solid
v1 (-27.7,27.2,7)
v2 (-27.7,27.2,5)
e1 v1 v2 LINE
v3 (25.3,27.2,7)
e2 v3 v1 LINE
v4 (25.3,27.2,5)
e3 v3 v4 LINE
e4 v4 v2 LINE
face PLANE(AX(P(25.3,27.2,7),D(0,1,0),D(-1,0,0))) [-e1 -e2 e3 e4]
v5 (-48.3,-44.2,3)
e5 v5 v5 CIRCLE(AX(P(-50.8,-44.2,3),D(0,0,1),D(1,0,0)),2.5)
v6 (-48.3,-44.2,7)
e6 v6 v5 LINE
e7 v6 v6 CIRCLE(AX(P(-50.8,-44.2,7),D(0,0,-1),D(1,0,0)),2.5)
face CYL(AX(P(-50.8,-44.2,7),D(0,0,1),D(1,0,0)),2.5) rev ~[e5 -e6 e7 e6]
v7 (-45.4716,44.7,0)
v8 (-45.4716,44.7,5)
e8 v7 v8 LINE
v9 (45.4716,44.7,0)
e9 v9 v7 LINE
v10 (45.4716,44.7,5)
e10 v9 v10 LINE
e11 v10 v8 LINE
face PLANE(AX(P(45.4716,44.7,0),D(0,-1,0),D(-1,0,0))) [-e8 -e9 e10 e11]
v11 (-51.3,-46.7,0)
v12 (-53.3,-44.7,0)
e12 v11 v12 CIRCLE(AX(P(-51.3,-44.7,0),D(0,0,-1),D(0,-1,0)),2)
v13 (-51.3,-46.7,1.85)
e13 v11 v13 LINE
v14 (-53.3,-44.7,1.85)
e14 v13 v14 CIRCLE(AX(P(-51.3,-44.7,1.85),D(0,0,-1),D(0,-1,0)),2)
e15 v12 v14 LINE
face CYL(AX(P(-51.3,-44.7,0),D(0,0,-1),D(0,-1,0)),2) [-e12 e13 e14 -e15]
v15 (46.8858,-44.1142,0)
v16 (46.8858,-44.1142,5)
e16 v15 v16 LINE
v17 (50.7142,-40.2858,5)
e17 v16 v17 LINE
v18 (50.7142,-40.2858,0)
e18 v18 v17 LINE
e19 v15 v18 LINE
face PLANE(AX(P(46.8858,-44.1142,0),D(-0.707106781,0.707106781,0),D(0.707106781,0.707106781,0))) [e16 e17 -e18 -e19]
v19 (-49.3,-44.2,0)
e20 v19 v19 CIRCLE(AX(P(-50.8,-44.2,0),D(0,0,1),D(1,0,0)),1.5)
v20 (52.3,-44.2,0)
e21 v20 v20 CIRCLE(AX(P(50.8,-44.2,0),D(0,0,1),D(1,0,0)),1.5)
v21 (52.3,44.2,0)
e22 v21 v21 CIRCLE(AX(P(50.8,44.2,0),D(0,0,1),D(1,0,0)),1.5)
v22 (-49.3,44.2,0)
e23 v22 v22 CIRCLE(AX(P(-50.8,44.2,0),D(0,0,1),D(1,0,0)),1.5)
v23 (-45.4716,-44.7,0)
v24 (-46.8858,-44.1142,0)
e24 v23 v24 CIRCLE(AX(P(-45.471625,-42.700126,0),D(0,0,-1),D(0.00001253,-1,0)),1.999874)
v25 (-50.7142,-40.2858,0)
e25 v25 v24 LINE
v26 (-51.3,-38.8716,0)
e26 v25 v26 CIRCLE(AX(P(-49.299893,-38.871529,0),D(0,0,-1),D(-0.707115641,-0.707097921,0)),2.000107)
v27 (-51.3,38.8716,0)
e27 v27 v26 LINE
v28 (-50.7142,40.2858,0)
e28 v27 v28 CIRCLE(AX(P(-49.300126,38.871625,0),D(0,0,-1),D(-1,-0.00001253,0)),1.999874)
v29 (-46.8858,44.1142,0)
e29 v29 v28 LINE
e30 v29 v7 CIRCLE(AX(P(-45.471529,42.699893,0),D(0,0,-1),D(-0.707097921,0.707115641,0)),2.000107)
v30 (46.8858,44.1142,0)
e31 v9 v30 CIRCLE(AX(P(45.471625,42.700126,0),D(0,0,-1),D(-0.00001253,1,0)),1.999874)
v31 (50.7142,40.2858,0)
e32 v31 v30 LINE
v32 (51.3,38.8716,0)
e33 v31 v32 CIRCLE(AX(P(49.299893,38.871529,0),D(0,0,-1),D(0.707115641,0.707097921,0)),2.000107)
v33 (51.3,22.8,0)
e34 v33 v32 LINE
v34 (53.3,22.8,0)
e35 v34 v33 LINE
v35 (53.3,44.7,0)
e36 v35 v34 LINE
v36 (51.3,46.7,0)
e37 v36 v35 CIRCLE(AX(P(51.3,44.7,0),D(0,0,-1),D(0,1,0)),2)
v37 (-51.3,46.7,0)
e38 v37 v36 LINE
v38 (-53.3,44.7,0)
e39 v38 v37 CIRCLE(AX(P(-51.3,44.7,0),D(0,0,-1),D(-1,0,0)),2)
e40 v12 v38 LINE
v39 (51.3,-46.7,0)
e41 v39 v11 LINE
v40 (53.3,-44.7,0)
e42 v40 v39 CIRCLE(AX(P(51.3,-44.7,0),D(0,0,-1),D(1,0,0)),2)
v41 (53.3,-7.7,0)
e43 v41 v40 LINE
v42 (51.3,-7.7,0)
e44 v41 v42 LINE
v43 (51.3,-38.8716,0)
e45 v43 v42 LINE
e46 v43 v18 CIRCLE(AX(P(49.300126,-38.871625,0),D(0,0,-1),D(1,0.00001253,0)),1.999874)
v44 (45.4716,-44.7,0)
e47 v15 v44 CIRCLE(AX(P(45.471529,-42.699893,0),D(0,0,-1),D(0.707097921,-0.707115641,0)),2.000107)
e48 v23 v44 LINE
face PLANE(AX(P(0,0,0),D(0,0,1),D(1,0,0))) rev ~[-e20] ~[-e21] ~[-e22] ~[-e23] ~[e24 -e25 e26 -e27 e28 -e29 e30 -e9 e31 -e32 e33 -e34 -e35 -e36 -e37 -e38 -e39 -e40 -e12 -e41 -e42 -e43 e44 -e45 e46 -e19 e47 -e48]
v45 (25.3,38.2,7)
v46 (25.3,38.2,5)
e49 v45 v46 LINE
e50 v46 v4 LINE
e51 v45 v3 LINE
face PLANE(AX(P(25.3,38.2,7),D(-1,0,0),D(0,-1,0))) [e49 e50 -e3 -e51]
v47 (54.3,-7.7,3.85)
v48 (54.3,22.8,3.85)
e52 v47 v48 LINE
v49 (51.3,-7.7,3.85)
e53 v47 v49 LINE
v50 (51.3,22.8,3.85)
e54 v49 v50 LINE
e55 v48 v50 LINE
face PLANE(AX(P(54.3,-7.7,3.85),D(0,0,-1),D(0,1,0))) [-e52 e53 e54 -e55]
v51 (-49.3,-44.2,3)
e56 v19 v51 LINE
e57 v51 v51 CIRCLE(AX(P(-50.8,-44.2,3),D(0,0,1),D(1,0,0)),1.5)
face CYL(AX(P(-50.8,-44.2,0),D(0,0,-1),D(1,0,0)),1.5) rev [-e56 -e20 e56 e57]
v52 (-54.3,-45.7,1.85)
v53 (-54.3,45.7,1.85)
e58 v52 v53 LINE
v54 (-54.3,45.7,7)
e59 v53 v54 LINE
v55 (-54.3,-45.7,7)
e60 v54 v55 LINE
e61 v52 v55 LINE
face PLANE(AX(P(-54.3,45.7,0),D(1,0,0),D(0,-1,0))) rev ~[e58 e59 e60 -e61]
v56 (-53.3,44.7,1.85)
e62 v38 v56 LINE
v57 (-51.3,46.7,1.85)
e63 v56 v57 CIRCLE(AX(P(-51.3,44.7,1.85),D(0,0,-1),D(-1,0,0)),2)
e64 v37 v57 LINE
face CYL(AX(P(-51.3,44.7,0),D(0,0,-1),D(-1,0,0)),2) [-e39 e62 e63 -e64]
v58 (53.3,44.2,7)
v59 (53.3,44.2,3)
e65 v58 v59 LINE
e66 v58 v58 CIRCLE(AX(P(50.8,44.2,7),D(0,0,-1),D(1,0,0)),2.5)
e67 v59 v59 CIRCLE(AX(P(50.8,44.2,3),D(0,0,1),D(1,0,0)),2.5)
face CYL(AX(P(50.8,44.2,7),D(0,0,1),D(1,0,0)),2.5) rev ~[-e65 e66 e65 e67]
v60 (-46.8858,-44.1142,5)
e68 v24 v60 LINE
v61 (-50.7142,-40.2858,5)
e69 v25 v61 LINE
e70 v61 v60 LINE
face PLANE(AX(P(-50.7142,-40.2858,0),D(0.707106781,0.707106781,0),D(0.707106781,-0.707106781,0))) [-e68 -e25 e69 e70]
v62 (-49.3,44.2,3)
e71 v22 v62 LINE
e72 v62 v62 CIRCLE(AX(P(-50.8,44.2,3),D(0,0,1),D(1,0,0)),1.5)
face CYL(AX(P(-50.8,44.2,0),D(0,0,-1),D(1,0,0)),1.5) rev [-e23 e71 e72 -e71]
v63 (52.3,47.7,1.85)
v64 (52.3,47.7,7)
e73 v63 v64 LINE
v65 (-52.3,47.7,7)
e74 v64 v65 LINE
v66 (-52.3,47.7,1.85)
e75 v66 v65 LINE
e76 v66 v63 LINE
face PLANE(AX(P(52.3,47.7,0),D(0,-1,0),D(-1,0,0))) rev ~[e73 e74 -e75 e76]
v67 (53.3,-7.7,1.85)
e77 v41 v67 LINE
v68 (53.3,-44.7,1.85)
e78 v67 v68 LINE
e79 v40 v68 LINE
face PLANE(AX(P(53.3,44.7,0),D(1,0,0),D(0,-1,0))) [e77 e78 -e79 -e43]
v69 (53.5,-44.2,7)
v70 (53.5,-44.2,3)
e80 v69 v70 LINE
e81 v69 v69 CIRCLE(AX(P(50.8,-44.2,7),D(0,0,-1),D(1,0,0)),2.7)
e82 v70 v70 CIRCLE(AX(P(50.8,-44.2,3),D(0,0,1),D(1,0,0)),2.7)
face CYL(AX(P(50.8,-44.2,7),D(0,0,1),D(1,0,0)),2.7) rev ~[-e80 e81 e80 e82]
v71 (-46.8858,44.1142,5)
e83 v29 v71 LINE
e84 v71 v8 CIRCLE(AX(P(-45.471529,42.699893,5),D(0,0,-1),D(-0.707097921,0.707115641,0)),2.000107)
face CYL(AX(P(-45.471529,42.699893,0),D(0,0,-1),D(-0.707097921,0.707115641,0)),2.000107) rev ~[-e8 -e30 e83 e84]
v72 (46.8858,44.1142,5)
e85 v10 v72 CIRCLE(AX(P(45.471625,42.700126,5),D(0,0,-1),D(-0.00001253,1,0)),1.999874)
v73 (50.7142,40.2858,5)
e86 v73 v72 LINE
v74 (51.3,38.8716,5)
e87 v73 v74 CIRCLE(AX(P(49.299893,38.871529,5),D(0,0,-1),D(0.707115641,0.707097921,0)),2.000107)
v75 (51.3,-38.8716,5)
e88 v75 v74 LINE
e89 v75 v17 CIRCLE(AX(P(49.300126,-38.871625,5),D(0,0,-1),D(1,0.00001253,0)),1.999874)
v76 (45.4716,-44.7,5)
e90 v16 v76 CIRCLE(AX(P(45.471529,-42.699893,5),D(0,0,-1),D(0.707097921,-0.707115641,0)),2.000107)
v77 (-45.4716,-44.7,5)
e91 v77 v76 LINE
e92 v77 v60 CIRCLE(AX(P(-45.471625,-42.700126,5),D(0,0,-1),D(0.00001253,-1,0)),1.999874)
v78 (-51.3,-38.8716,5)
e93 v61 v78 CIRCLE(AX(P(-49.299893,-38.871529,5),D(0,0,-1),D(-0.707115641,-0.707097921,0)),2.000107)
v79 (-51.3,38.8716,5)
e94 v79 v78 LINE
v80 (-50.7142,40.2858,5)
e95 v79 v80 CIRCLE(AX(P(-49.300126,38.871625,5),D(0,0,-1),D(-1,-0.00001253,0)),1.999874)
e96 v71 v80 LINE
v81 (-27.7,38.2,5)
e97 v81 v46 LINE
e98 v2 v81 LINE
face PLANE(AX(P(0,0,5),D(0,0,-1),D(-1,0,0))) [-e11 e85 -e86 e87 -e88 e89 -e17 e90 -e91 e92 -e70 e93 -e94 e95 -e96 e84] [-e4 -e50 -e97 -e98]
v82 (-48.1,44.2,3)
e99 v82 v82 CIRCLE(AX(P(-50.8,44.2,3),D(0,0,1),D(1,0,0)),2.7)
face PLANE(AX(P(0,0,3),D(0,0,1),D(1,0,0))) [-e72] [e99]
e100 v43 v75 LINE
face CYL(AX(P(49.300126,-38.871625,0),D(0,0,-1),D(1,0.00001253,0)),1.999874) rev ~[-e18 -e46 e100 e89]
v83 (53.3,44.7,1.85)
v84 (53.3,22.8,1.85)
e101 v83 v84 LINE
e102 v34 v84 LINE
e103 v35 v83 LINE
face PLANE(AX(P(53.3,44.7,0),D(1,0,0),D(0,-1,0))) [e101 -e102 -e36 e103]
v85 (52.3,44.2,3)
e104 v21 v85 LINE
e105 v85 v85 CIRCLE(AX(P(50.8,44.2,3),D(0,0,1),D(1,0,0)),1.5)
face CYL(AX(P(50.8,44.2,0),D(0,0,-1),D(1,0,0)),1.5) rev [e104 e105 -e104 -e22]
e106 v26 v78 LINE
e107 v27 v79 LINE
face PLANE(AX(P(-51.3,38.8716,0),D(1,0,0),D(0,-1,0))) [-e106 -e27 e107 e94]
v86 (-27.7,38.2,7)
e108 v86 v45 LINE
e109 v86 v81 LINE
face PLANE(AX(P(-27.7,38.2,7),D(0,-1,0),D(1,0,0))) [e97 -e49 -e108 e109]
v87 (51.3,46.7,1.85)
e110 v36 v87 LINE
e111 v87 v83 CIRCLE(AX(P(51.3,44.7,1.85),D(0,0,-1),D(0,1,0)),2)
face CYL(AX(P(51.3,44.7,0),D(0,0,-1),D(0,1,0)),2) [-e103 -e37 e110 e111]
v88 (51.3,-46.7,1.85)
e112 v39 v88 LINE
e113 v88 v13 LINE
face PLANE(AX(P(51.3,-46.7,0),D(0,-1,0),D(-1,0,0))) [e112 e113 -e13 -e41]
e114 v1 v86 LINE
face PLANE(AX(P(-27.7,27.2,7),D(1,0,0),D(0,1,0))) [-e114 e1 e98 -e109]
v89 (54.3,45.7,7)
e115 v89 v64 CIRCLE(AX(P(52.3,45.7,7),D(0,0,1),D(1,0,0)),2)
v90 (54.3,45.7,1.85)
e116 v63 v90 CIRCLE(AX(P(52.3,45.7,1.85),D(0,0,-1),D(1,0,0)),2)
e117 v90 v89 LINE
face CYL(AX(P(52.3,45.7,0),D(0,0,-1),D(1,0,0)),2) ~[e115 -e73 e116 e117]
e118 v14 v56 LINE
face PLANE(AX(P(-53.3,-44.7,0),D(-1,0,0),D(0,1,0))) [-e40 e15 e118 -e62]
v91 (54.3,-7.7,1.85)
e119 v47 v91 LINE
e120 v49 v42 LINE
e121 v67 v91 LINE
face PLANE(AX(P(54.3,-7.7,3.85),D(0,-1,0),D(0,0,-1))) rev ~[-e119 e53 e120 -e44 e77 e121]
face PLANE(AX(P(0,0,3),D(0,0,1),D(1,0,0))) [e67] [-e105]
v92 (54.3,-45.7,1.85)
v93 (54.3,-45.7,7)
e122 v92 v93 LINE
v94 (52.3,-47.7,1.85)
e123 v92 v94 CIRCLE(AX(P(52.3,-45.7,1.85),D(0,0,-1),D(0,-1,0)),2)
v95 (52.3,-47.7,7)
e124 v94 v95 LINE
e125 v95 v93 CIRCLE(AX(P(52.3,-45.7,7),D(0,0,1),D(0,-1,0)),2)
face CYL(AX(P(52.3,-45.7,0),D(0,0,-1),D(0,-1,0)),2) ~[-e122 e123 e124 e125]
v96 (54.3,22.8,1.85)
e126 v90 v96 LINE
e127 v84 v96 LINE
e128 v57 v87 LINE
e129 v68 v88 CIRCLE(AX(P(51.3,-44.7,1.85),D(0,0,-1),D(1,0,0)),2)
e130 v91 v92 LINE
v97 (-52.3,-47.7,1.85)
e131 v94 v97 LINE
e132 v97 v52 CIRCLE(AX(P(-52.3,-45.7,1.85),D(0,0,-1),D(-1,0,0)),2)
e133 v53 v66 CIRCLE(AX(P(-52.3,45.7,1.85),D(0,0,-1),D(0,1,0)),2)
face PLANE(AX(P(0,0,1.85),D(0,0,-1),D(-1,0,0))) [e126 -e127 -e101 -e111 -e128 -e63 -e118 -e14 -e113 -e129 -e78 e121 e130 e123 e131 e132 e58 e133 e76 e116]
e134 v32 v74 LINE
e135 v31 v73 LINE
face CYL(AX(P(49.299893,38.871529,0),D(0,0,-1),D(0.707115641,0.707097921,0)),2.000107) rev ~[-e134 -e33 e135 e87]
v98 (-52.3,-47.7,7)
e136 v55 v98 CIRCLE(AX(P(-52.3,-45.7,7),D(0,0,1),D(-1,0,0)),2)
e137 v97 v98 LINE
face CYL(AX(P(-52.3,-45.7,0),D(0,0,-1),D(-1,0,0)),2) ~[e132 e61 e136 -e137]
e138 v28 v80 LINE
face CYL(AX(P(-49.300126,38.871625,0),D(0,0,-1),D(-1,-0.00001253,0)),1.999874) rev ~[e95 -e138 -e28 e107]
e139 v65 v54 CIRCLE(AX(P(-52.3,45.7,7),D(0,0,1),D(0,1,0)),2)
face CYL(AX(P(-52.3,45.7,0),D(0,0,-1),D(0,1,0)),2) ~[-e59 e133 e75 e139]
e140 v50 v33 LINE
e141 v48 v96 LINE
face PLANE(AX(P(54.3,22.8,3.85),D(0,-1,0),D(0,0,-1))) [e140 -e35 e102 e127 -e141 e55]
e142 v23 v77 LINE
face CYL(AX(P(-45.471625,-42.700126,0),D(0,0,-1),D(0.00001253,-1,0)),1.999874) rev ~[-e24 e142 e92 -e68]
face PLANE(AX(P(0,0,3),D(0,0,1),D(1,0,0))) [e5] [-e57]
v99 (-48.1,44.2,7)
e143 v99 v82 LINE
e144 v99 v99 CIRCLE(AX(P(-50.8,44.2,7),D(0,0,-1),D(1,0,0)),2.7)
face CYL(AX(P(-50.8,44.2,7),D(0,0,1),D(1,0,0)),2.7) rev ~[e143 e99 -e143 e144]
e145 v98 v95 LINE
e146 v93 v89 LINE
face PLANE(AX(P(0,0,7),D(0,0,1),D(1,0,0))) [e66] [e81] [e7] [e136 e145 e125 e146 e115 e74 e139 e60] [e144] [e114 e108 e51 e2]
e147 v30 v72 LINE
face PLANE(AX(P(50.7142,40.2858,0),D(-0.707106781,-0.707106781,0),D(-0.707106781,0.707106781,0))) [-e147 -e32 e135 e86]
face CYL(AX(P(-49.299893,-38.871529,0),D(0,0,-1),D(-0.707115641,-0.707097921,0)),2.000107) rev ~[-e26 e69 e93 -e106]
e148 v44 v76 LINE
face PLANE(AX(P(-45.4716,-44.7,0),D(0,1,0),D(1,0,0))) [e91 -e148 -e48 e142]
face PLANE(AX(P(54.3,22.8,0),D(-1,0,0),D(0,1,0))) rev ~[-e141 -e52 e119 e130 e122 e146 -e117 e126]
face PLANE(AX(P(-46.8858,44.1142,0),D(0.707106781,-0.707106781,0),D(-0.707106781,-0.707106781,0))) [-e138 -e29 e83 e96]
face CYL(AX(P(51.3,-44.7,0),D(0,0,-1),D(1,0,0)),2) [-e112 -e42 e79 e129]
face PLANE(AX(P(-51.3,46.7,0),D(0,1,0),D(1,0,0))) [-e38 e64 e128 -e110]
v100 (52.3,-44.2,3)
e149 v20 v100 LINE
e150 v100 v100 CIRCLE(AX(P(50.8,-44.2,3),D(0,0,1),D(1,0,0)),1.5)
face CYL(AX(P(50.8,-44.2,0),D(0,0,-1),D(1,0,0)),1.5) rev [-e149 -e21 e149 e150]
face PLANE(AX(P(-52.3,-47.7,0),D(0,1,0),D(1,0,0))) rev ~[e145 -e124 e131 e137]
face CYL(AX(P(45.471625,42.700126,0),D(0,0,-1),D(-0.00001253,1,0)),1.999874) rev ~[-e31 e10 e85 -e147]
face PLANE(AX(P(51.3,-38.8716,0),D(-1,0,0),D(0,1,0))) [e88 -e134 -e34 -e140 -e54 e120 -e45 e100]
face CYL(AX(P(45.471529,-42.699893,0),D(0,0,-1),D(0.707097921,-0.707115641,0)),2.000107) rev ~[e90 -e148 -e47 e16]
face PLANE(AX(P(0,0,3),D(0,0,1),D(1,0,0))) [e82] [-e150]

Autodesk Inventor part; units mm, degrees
ref_plane "YZ Plane" through (0, 0, 0) normal (1, 0, 0) x (0, 1, 0)
ref_plane "XZ Plane" through (0, 0, 0) normal (0, 1, 0) x (-1, 0, 0)
ref_plane "XY Plane" through (0, 0, 0) normal (0, 0, 1) x (1, 0, 0)
sketch "Skizze1" plane through (0, 0, 0) normal (0, 0, 1) x (1, 0, 0)
  line L0 (52.3, 47.7) -> (-52.3, 47.7) projected
  arc A0 (-52.3, 47.7) -> (-54.3, 45.7) centre (-52.3, 45.7) ccw projected
  line L1 (54.3, 22.8) -> (54.3, 45.7) projected
  line L2 (-54.3, 45.7) -> (-54.3, -45.7) projected
  line L3 (-52.3, -47.7) -> (52.3, -47.7) projected
  arc A1 (-54.3, -45.7) -> (-52.3, -47.7) centre (-52.3, -45.7) ccw projected
  circle A2 centre (-50.8, -44.2) radius 1.5 projected
  circle A3 centre (50.8, 44.2) radius 1.5 projected
  arc A4 (52.3, -47.7) -> (54.3, -45.7) centre (52.3, -45.7) ccw projected
  line L4 (54.3, -45.7) -> (54.3, -8.2) projected
  line L5 (54.3, 22.8) -> (54.3, -8.2) projected
  arc A5 (54.3, 45.7) -> (52.3, 47.7) centre (52.3, 45.7) ccw projected
  circle A6 centre (-50.8, 44.2) radius 1.5 projected
  circle A7 centre (50.8, -44.2) radius 1.5 projected
  point P0 (0, 0)
extrude "Extrusion1" add sketch "Skizze1" along normal blind 7
sketch "Skizze2" plane through (0, 0, 0) normal (0, 0, -1) x (-1, 0, 0)
  line L0 (53.1, -44.5) -> (53.1, 44.5) projected
  line L1 (51.1, 46.5) -> (-51.1, 46.5) projected
  line L2 (-53.1, 44.5) -> (-53.1, -44.5) projected
  line L3 (-51.1, -46.5) -> (51.1, -46.5) projected
  line L4 (-51.3, -46.7) -> (51.3, -46.7)
  line L5 (53.3, -44.7) -> (53.3, 44.7)
  line L6 (51.3, 46.7) -> (-51.3, 46.7)
  line L7 (-53.3, 44.7) -> (-53.3, -44.7)
  line L8 (-53.3, -46.7) -> (53.3, 46.7) construction
  line L9 (53.3, -46.7) -> (-53.3, 46.7) construction
  arc A0 (53.3, 44.7) -> (51.3, 46.7) centre (51.3, 44.7) ccw
  arc A1 (-51.3, 46.7) -> (-53.3, 44.7) centre (-51.3, 44.7) ccw
  arc A2 (-53.3, -44.7) -> (-51.3, -46.7) centre (-51.3, -44.7) ccw
  arc A3 (51.3, -46.7) -> (53.3, -44.7) centre (51.3, -44.7) ccw
  line L10 (-56.7586, -49.6784) -> (56.7586, -49.6784)
  line L11 (56.7586, -49.6784) -> (56.7586, 49.6784)
  line L12 (56.7586, 49.6784) -> (-56.7586, 49.6784)
  line L13 (-56.7586, 49.6784) -> (-56.7586, -49.6784)
  line L14 (-56.7586, -49.6784) -> (56.7586, 49.6784) construction
  line L15 (56.7586, -49.6784) -> (-56.7586, 49.6784) construction
  point P0 (0, 0)
  dimension "d2" = 0.2
  dimension "d3" = 0.2
  dimension "d4" = 2
extrude "Extrusion2" cut sketch "Skizze2" against normal blind 1.85
sketch "Skizze3" plane through (0, 0, 0) normal (0, 0, -1) x (-1, 0, 0)
  line L0 (-50.7142, 40.2858) -> (-46.8858, 44.1142)
  arc A0 (-45.4716, 44.7) -> (-46.8858, 44.1142) centre (-45.4716, 42.7) ccw
  line L1 (-45.4716, 44.7) -> (45.4716, 44.7)
  arc A1 (-50.7142, 40.2858) -> (-51.3, 38.8716) centre (-49.3, 38.8716) ccw
  line L2 (-51.3, -38.8716) -> (-51.3, 38.8716)
  line L3 (50.7142, -40.2858) -> (46.8858, -44.1142)
  arc A2 (50.7142, -40.2858) -> (51.3, -38.8716) centre (49.3, -38.8716) ccw
  line L4 (51.3, 38.8716) -> (51.3, -38.8716)
  arc A3 (45.4716, -44.7) -> (46.8858, -44.1142) centre (45.4716, -42.7) ccw
  line L5 (45.4716, -44.7) -> (-45.4716, -44.7)
  arc A4 (51.3, 38.8716) -> (50.7142, 40.2858) centre (49.3, 38.8716) ccw
  line L6 (46.8858, 44.1142) -> (50.7142, 40.2858)
  arc A5 (46.8858, 44.1142) -> (45.4716, 44.7) centre (45.4716, 42.7) ccw
  arc A6 (-46.8858, -44.1142) -> (-45.4716, -44.7) centre (-45.4716, -42.7) ccw
  line L7 (-46.8858, -44.1142) -> (-50.7142, -40.2858)
  arc A7 (-51.3, -38.8716) -> (-50.7142, -40.2858) centre (-49.3, -38.8716) ccw
  circle A8 centre (-50.8, -44.2) radius 1.5
  circle A9 centre (-50.8, 44.2) radius 1.5
  circle A10 centre (50.8, 44.2) radius 1.5
  circle A11 centre (50.8, -44.2) radius 1.5
  point P0 (0, 0)
extrude "Extrusion3" cut sketch "Skizze3" against normal blind 5 contours L0 A0 L1 A5 L6 A4 L4 A2 L3 A3 L5 A6 L7 A7 L2 A1
sketch "Skizze4" plane through (54.3, -45.7, 7) normal (1, 0, 0) x (0, 0, -1)
  line L0 (3.15, 38) -> (3.15, 68.5)
  line L1 (0, 0) -> (0, 91.4) projected
  line L2 (7, 90.4) -> (7, 1) projected
  line L3 (5.15, -2) -> (0, -2) projected
  line L4 (3.15, 68.5) -> (7, 68.5)
  line L5 (7, 1) -> (7, 90.4) projected
  line L6 (3.15, 38) -> (7, 38)
  line L7 (7, 68.5) -> (7, 38)
  point P0 (7, 45.7)
  dimension "d11" = 3.85
  dimension "d13" = 30.5
  dimension "d14" = 40
extrude "Extrusion4" cut sketch "Skizze4" against normal up to next
sketch "Skizze5" plane through (0, 0, 7) normal (0, 0, 1) x (1, 0, 0)
  circle A0 centre (-50.8, 44.2) radius 1.5 projected
  circle A1 centre (-50.8, 44.2) radius 2.7
  line L0 (52.3, 47.7) -> (-52.3, 47.7) projected
  circle A2 centre (50.8, 44.2) radius 1.5 projected
  circle A3 centre (50.8, 44.2) radius 2.5
  line L1 (-51.3, 46.7) -> (51.3, 46.7) projected
  circle A4 centre (50.8, -44.2) radius 1.5 projected
  circle A5 centre (50.8, -44.2) radius 2.7
  line L2 (54.3, -45.7) -> (54.3, 45.7) projected
  circle A6 centre (-50.8, -44.2) radius 1.5 projected
  circle A7 centre (-50.8, -44.2) radius 2.5
  line L3 (51.3, -46.7) -> (-51.3, -46.7) projected
  point P0 (0, 0)
  dimension "d17" = 0.8
  dimension "d18" = 0.8
extrude "Extrusion5" cut sketch "Skizze5" against normal blind 4
sketch "Skizze6" plane through (0, 0, 7) normal (0, 0, 1) x (1, 0, 0)
  line L0 (-27.7, 38.2) -> (25.3, 38.2)
  line L1 (25.3, 38.2) -> (25.3, 27.2)
  line L2 (25.3, 27.2) -> (-27.7, 27.2)
  line L3 (-27.7, 27.2) -> (-27.7, 38.2)
  line L4 (54.3, -45.7) -> (54.3, 45.7) projected
  line L5 (52.3, 47.7) -> (-52.3, 47.7) projected
  point P0 (0, 0)
  dimension "d21" = 53
  dimension "d22" = 11
  dimension "d23" = 29
  dimension "d24" = 9.5
extrude "Extrusion6" cut sketch "Skizze6" against normal up to next
properties part number "case rear" material "ABS-Kunststoff"
